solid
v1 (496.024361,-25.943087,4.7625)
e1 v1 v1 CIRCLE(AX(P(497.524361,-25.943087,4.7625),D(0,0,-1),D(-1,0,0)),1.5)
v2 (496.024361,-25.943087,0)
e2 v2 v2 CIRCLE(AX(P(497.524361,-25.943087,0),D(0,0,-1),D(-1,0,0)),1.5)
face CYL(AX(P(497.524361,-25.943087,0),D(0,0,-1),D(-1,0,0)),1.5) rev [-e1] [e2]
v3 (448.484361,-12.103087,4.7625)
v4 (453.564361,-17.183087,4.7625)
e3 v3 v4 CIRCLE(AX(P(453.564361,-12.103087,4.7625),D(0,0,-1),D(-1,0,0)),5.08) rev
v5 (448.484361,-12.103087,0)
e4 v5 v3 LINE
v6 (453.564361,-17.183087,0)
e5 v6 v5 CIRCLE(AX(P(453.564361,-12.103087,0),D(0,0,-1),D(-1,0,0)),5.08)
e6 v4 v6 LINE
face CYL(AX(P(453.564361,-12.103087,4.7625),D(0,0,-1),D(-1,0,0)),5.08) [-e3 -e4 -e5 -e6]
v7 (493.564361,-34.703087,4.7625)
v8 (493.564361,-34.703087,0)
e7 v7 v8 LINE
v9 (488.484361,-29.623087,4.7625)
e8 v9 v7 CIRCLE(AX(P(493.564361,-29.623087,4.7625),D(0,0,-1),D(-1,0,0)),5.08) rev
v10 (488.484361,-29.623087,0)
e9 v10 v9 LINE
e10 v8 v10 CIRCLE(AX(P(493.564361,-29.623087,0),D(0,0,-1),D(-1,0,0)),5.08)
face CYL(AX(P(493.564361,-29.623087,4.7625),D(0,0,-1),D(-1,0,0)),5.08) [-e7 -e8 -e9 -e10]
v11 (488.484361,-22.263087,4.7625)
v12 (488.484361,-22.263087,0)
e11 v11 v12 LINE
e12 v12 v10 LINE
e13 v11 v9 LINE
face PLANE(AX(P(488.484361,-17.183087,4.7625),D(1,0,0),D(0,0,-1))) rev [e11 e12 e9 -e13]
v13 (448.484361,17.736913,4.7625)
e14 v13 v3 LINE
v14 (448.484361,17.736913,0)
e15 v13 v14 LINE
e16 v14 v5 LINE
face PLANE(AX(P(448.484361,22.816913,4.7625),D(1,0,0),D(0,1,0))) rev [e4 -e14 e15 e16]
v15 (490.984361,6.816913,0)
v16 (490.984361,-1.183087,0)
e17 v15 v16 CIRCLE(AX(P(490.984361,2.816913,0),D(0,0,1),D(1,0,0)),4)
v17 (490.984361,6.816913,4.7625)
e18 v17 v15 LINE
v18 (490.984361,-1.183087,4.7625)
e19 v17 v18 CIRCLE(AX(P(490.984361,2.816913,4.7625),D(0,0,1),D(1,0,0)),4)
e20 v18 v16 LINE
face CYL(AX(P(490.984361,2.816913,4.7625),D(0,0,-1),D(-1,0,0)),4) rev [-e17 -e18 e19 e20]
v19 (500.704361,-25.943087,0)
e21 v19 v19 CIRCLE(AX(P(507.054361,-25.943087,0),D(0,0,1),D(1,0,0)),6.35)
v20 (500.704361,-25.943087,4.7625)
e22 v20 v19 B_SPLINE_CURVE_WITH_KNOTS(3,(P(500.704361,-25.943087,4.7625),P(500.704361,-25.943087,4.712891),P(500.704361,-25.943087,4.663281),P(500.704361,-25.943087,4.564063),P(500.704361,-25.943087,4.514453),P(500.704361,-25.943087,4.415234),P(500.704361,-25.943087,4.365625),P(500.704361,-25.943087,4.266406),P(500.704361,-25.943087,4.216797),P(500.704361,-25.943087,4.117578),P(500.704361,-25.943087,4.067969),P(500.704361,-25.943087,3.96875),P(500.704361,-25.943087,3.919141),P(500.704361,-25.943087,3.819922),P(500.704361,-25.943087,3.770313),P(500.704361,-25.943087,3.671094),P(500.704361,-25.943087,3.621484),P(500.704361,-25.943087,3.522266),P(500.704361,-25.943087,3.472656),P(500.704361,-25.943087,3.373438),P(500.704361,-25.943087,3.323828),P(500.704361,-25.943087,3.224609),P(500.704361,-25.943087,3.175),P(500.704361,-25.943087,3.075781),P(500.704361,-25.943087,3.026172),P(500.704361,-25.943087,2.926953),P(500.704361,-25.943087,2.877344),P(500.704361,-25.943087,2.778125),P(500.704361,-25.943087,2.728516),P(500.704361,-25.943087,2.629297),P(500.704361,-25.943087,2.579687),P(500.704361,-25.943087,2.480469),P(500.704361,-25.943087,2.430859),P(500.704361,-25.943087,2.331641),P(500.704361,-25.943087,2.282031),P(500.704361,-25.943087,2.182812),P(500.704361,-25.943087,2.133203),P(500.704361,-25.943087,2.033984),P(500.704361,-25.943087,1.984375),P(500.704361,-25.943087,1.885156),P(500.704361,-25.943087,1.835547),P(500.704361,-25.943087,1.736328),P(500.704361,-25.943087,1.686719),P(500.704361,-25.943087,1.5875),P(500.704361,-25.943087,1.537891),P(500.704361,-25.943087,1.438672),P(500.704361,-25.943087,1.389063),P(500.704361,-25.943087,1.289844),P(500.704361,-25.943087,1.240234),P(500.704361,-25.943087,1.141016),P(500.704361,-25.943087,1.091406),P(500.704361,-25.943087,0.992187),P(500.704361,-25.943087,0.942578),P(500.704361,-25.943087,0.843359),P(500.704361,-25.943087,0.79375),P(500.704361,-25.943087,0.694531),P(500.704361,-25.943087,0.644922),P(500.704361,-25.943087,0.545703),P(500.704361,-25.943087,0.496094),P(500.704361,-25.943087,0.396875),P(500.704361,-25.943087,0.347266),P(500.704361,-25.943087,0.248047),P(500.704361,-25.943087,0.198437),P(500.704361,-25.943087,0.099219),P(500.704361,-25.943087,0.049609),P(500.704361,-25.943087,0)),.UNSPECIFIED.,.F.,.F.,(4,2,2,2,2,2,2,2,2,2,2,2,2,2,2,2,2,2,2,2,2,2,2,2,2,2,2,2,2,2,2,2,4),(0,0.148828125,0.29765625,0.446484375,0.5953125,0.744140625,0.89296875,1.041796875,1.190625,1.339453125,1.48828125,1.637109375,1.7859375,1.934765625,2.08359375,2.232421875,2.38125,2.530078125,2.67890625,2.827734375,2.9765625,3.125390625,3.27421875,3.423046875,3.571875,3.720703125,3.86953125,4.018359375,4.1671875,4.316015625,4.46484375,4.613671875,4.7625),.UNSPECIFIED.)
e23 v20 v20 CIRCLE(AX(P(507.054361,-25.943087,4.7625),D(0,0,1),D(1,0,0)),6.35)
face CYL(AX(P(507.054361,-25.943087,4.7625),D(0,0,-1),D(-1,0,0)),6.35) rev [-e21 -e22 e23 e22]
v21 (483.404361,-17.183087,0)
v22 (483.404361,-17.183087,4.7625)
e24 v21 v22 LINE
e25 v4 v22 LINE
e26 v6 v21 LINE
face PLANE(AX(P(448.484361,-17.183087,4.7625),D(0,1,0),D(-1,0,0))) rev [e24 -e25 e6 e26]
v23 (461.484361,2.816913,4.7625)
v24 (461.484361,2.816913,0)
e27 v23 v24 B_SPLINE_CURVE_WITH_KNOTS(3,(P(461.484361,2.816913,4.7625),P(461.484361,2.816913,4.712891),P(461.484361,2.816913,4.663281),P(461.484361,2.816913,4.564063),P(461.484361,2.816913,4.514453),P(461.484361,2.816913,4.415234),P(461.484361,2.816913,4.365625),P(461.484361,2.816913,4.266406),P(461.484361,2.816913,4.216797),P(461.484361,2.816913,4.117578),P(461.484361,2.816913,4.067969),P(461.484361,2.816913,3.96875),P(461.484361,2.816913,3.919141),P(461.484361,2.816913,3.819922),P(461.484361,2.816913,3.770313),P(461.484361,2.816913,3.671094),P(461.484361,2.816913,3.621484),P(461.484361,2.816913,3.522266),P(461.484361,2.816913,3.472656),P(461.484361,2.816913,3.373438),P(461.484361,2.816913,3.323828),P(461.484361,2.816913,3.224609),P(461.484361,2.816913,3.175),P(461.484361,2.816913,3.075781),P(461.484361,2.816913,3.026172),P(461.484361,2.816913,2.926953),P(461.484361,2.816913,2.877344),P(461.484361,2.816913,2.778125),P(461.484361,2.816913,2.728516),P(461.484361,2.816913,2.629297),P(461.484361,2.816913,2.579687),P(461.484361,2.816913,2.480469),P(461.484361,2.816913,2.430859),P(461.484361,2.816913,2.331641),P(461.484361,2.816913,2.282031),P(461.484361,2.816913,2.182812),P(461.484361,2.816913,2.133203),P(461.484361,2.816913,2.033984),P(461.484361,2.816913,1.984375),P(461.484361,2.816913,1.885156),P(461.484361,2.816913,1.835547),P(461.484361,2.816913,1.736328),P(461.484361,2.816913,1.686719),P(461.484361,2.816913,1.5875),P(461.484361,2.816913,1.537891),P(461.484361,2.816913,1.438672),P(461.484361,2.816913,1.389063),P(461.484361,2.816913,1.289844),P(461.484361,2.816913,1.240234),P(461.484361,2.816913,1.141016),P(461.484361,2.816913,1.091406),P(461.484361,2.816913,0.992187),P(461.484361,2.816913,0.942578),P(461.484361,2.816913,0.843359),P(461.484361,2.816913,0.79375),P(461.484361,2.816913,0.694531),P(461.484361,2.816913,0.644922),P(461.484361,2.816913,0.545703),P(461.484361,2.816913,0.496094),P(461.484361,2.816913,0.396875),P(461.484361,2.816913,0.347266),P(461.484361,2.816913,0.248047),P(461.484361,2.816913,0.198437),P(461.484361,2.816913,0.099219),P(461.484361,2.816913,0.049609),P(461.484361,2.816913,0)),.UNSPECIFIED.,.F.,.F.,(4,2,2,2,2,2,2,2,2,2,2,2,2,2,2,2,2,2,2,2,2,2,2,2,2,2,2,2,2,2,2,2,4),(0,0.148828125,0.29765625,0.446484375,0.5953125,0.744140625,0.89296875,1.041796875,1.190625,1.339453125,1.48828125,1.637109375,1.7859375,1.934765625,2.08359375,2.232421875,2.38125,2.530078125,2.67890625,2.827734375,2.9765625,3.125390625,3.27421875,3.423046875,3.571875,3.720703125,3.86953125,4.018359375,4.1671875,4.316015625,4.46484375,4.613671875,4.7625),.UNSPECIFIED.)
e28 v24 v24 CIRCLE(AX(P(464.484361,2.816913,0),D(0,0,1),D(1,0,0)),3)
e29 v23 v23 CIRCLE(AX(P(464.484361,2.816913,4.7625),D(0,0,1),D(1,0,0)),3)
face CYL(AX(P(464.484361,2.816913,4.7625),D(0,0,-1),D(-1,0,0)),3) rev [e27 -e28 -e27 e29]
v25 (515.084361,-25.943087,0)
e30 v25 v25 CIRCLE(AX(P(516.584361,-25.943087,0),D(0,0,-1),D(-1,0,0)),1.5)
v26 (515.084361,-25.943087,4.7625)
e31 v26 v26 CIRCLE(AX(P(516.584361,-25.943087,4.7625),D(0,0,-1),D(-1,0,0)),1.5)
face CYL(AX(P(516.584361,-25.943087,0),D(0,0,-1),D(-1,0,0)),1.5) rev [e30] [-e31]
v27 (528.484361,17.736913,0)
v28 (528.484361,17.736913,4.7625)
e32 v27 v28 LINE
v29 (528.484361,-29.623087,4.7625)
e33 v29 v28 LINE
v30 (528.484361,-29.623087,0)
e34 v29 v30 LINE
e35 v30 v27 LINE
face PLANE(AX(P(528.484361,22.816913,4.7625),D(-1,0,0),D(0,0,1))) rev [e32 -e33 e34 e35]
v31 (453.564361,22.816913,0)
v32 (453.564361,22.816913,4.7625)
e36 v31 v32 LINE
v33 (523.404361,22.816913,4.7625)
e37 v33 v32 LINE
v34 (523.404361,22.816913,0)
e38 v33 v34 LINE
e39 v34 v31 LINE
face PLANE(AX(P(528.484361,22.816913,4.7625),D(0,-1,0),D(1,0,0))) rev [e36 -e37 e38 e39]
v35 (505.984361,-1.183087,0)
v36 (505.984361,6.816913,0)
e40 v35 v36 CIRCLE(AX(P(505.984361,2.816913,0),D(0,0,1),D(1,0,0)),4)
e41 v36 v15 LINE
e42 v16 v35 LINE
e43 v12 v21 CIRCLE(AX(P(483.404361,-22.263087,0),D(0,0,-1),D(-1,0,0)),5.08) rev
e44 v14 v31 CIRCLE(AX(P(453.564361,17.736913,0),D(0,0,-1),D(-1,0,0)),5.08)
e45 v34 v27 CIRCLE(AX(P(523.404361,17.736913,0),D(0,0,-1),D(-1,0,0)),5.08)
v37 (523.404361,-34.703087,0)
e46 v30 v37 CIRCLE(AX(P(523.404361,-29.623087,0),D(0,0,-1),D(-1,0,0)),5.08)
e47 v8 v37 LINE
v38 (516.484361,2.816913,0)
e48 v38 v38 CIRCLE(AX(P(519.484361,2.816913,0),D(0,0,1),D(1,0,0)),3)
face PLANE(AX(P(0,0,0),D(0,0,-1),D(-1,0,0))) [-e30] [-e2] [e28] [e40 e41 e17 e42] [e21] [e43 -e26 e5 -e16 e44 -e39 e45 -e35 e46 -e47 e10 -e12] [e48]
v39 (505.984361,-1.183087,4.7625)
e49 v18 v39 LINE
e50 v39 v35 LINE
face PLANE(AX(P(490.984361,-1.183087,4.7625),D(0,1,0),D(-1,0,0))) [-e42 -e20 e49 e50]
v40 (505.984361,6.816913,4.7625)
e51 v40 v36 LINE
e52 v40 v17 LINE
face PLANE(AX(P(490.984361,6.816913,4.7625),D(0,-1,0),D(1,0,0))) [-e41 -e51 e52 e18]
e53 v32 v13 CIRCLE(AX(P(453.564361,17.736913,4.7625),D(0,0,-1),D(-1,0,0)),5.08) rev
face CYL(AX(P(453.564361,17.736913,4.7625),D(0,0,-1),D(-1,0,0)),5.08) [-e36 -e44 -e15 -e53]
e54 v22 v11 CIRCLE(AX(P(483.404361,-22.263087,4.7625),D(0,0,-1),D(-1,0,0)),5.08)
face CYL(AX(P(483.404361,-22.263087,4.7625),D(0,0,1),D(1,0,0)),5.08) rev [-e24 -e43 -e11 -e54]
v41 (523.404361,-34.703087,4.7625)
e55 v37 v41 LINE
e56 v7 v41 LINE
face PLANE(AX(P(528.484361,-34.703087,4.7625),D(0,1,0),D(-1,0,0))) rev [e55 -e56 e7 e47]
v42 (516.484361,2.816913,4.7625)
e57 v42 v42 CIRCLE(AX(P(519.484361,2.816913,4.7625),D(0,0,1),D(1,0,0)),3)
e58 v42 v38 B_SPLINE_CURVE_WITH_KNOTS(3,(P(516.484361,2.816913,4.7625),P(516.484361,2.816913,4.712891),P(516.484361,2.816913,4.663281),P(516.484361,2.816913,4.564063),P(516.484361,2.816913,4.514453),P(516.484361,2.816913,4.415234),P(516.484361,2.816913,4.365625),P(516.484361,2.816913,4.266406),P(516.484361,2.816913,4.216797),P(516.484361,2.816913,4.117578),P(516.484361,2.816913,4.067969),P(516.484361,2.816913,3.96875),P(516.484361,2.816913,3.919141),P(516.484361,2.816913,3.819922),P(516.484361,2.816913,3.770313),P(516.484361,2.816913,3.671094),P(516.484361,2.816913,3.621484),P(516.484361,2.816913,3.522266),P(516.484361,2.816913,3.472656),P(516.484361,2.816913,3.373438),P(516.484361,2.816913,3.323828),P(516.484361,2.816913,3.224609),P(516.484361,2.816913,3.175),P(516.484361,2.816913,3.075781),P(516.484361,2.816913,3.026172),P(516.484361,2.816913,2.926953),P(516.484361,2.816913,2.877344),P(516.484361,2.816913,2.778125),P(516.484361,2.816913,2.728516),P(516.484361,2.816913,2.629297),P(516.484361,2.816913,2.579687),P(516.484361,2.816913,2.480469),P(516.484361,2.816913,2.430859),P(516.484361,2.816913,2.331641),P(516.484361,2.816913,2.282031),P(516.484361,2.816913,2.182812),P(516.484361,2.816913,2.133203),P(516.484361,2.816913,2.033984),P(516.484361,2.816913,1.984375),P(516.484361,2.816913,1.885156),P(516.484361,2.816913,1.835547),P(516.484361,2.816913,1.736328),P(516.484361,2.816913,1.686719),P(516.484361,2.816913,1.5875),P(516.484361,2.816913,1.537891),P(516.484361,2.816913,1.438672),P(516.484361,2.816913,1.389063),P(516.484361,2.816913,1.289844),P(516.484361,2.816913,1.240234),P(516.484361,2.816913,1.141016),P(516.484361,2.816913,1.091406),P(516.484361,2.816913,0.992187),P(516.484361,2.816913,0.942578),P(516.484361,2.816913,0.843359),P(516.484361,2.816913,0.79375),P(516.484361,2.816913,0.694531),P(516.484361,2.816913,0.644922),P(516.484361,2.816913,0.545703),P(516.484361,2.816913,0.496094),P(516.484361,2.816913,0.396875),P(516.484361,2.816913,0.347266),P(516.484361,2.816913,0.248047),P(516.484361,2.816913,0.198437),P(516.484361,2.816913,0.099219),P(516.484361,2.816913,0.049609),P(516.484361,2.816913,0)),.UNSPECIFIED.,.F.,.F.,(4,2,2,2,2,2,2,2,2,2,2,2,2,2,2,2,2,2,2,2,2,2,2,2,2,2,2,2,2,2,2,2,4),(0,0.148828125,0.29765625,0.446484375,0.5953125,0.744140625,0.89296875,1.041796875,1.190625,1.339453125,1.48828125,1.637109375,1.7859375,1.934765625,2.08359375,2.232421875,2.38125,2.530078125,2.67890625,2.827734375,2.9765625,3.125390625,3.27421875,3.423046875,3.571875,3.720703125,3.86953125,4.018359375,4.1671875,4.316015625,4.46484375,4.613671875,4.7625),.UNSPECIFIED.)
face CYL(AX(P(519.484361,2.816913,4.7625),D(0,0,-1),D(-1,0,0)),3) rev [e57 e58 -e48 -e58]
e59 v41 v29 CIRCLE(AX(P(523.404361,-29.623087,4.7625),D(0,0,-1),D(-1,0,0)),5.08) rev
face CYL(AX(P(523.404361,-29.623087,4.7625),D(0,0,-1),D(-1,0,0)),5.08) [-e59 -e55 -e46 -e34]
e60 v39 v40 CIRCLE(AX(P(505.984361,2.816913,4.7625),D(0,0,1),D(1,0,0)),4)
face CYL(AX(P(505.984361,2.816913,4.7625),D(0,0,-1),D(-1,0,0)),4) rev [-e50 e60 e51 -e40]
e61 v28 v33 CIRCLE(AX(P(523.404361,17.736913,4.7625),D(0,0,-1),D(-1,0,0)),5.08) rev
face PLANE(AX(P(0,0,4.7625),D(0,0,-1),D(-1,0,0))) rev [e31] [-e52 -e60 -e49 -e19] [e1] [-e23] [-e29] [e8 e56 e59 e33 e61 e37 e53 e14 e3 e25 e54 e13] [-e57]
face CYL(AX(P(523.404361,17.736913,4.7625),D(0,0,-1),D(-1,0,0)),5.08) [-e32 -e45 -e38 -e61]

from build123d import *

# Parameters (mm, degrees)
SKETCH1_R                    = 6.349999999
SKETCH1_R_2                  = 3
BOSS_EXTRUDE1_DEPTH          = 4.7625
FILLET1_R                    = 5.08
F_3_0_3_DIAMETER_HOLE1_D     = 3
F_3_0_3_DIAMETER_HOLE1_DEPTH = 25.4
F_3_0_3_DIAMETER_HOLE1_TIP   = 0.901290929


with BuildPart() as part:
    # Sketch1 → Boss-Extrude1 (new body)
    with BuildSketch(Plane.XY):
        Polygon((528.484361343, 22.816913392), (448.484361343, 22.816913392), (448.484361343, -17.183086608), (488.484361343, -17.183086608), (488.484361343, -34.703086608), (528.484361343, -34.703086608), align=None)
        with Locations(Location((507.054361343, -25.943086608, 0), (0, 0, 180))):
            Circle(SKETCH1_R, mode=Mode.SUBTRACT)
        with Locations(Location((464.484361343, 2.816913392, 0), (0, 0, 180))):
            Circle(SKETCH1_R_2, mode=Mode.SUBTRACT)
        with Locations(Location((519.484361343, 2.816913392, 0), (0, 0, 180))):
            Circle(SKETCH1_R_2, mode=Mode.SUBTRACT)
        with BuildLine():
            Line((490.984361343, 6.816913392), (505.984361343, 6.816913392))
            ThreePointArc((505.984361343, 6.816913392), (509.984361343, 2.816913392), (505.984361343, -1.183086608))
            Line((505.984361343, -1.183086608), (490.984361343, -1.183086608))
            ThreePointArc((490.984361343, -1.183086608), (486.984361343, 2.816913392), (490.984361343, 6.816913392))
        make_face(mode=Mode.SUBTRACT)
    extrude(amount=BOSS_EXTRUDE1_DEPTH)

    # Fillet1
    fillet1_edges = [part.edges().sort_by_distance(p)[0] for p in [
        (528.484361343, -34.703086608, 2.38125),
        (488.484361343, -34.703086608, 2.38125),
        (488.484361343, -17.183086608, 2.38125),
        (448.484361343, -17.183086608, 2.38125),
        (448.484361343, 22.816913392, 2.38125),
        (528.484361343, 22.816913392, 2.38125),
    ]]
    fillet(fillet1_edges, radius=FILLET1_R)

    # Ø3.0 (3) Diameter Hole1
    with Locations(Plane(origin=(0, 0, 0), x_dir=(-1, 0, 0), z_dir=(0, 0, -1))):
        with Locations((-497.524361343, -25.943086608), (-516.584361343, -25.943086608)):
            Hole(F_3_0_3_DIAMETER_HOLE1_D / 2, depth=F_3_0_3_DIAMETER_HOLE1_DEPTH)
            with Locations((0, 0, -(F_3_0_3_DIAMETER_HOLE1_DEPTH + F_3_0_3_DIAMETER_HOLE1_TIP / 2))):  # 118° drill point
                Cone(0, F_3_0_3_DIAMETER_HOLE1_D / 2, F_3_0_3_DIAMETER_HOLE1_TIP, mode=Mode.SUBTRACT)


solid = part.part
